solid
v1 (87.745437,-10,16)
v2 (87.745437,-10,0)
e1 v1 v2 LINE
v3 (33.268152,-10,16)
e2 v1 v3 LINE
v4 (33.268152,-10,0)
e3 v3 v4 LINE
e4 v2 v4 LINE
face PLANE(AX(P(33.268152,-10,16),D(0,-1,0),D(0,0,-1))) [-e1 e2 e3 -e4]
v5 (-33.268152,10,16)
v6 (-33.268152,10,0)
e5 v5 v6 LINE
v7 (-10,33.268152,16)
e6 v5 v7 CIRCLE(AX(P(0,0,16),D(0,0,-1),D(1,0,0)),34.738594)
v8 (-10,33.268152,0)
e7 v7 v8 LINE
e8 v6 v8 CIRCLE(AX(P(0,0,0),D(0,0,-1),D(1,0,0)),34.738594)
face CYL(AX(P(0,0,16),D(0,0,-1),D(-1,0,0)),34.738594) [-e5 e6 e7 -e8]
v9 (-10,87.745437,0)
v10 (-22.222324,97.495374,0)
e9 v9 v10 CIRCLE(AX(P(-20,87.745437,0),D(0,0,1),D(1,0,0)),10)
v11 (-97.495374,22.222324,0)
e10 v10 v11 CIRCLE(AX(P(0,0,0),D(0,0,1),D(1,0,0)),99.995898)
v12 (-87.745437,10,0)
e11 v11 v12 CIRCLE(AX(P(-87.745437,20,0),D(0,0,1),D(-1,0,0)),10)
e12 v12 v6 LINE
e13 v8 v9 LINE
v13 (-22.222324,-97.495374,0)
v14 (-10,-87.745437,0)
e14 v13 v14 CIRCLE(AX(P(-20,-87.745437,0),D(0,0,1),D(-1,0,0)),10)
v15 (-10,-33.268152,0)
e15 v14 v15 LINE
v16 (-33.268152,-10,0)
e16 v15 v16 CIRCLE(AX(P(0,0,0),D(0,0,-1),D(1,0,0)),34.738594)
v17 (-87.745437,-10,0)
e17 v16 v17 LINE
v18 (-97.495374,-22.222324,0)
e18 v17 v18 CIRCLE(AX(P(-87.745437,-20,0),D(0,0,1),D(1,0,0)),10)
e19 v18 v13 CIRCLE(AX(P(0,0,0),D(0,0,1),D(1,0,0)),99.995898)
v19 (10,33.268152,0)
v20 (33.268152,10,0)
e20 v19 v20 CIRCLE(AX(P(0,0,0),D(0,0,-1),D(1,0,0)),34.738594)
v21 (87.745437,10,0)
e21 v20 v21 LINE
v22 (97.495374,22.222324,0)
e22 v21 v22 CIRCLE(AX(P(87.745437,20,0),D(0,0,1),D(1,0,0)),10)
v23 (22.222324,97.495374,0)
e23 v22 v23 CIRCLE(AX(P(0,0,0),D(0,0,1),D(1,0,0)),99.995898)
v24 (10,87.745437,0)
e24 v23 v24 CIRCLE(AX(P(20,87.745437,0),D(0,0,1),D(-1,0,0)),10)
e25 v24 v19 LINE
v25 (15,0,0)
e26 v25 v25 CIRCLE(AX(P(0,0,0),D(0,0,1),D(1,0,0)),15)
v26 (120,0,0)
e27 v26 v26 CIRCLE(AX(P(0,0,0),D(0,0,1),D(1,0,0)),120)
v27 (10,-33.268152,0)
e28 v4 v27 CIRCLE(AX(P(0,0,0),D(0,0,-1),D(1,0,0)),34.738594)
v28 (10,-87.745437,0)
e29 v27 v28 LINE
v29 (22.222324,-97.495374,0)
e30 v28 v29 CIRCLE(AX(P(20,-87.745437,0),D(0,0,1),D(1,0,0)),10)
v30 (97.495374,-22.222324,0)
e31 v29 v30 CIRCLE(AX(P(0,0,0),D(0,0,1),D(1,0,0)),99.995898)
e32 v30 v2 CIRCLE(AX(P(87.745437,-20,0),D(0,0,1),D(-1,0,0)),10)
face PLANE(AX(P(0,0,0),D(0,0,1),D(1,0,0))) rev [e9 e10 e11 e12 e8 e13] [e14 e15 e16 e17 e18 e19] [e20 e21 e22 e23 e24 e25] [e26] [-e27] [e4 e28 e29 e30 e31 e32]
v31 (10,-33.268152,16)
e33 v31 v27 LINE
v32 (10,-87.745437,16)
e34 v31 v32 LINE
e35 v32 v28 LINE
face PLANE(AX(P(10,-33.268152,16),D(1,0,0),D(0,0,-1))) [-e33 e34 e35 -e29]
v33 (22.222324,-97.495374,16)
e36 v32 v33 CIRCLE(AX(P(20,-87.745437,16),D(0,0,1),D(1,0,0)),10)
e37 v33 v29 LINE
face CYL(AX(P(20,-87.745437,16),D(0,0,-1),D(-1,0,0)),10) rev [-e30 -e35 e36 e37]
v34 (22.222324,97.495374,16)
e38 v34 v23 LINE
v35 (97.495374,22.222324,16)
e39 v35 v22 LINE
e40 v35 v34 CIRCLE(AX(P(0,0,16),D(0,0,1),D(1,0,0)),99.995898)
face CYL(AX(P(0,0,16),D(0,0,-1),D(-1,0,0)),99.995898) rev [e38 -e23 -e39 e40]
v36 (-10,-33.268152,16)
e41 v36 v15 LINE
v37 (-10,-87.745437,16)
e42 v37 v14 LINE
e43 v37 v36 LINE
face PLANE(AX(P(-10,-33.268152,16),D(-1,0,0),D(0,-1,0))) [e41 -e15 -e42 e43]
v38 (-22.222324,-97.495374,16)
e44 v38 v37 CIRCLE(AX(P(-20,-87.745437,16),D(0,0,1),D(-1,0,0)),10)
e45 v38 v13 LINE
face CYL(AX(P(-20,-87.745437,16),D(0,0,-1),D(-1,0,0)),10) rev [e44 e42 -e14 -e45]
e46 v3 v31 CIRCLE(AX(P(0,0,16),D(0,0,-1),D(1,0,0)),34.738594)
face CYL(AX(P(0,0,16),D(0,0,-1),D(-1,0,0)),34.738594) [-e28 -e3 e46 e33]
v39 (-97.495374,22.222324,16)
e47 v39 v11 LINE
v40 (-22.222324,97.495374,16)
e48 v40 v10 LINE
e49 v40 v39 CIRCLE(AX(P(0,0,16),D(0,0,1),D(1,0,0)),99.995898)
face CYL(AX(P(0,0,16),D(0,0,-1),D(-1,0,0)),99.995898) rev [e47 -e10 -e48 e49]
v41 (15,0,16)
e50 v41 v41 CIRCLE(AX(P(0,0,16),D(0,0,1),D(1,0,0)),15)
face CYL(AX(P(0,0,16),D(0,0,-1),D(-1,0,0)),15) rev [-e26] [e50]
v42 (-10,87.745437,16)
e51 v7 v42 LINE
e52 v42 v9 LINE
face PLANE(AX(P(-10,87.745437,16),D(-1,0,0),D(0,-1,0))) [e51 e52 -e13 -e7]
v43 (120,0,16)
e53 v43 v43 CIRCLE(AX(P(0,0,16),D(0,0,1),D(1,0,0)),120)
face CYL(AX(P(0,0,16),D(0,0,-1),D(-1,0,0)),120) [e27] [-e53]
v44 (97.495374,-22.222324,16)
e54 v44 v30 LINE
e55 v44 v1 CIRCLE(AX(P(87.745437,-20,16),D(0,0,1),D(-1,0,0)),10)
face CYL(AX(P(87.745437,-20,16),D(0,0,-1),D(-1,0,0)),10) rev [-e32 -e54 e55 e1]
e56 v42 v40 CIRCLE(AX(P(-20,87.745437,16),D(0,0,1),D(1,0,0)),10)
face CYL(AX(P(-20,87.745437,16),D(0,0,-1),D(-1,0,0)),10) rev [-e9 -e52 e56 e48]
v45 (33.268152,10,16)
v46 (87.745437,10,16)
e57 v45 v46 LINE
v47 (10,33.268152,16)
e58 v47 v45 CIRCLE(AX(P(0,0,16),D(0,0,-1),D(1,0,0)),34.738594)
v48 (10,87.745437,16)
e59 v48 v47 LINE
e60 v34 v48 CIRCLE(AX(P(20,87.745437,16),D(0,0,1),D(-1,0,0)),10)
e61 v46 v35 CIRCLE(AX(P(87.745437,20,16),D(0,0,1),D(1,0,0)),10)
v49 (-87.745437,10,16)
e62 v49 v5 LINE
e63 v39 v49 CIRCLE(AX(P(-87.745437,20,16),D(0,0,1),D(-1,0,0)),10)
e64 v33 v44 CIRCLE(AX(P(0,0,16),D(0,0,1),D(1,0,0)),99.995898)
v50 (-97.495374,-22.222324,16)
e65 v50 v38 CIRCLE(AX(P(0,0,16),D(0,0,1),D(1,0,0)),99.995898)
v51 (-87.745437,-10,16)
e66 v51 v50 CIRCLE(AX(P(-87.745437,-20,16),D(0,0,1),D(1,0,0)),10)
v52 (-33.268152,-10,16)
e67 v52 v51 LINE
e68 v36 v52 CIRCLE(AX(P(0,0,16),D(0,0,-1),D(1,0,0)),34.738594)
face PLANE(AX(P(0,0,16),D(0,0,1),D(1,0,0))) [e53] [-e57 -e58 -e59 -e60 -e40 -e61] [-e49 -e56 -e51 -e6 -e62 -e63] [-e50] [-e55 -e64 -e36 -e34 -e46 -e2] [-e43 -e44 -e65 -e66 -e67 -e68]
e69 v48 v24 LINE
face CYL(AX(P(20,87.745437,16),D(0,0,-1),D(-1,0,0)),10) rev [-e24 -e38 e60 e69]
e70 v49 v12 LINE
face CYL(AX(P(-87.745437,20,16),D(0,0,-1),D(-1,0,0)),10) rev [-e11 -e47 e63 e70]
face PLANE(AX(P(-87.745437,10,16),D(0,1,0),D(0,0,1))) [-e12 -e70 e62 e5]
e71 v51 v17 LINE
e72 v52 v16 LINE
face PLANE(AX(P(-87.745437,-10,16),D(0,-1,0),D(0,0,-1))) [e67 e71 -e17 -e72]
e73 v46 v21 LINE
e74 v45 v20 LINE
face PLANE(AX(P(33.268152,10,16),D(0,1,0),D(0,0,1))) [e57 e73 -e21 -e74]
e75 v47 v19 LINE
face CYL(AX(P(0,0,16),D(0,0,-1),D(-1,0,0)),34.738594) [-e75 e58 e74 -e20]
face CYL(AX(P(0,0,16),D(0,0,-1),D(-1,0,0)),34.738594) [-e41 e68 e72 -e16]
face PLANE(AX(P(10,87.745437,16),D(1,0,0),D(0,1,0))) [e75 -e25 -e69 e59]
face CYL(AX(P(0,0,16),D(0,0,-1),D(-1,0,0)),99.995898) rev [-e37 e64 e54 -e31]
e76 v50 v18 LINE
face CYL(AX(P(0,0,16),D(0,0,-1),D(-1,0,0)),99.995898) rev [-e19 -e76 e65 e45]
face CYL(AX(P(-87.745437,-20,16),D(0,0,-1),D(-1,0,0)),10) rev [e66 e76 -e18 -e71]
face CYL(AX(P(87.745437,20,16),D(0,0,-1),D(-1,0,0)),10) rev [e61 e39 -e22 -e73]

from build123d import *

# Parameters (mm, degrees)
SKETCH1_R           = 120
SKETCH1_R_2         = 15
BOSS_EXTRUDE3_DEPTH = 16


with BuildPart() as part:
    # Sketch1 → Boss-Extrude3 (new body)
    with BuildSketch(Plane.XY):
        Circle(SKETCH1_R)
        Circle(SKETCH1_R_2, mode=Mode.SUBTRACT)
        with BuildLine():
            Line((10, 87.745437009), (10, 33.268151895))
            ThreePointArc((10, 33.268151895), (24.563895563, 24.563895563), (33.268151895, 10))
            Line((33.268151895, 10), (87.745437009, 10))
            ThreePointArc((87.745437009, 10), (95.562828998, 13.763944958), (97.495374355, 22.222323503))
            ThreePointArc((97.495374355, 22.222323503), (70.707777798, 70.707777798), (22.222323503, 97.495374355))
            ThreePointArc((22.222323503, 97.495374355), (13.763944958, 95.562828998), (10, 87.745437009))
        make_face(mode=Mode.SUBTRACT)
        with BuildLine():
            Line((-10, 87.745437009), (-10, 33.268151895))
            ThreePointArc((-10, 33.268151895), (-24.563895563, 24.563895563), (-33.268151895, 10))
            Line((-33.268151895, 10), (-87.745437009, 10))
            ThreePointArc((-87.745437009, 10), (-95.562828998, 13.763944958), (-97.495374355, 22.222323503))
            ThreePointArc((-97.495374355, 22.222323503), (-70.707777798, 70.707777798), (-22.222323503, 97.495374355))
            ThreePointArc((-22.222323503, 97.495374355), (-13.763944958, 95.562828998), (-10, 87.745437009))
        make_face(mode=Mode.SUBTRACT)
        with BuildLine():
            Line((-10, -33.268151895), (-10, -87.745437009))
            ThreePointArc((-10, -87.745437009), (-13.763944958, -95.562828998), (-22.222323503, -97.495374355))
            ThreePointArc((-22.222323503, -97.495374355), (-70.707777798, -70.707777798), (-97.495374355, -22.222323503))
            ThreePointArc((-97.495374355, -22.222323503), (-95.562828998, -13.763944958), (-87.745437009, -10))
            Line((-87.745437009, -10), (-33.268151895, -10))
            ThreePointArc((-33.268151895, -10), (-24.563895563, -24.563895563), (-10, -33.268151895))
        make_face(mode=Mode.SUBTRACT)
        with BuildLine():
            Line((10, -33.268151895), (10, -87.745437009))
            ThreePointArc((10, -87.745437009), (13.763944958, -95.562828998), (22.222323503, -97.495374355))
            ThreePointArc((22.222323503, -97.495374355), (70.707777798, -70.707777798), (97.495374355, -22.222323503))
            ThreePointArc((97.495374355, -22.222323503), (95.562828998, -13.763944958), (87.745437009, -10))
            Line((87.745437009, -10), (33.268151895, -10))
            ThreePointArc((33.268151895, -10), (24.563895563, -24.563895563), (10, -33.268151895))
        make_face(mode=Mode.SUBTRACT)
    extrude(amount=BOSS_EXTRUDE3_DEPTH)


solid = part.part
